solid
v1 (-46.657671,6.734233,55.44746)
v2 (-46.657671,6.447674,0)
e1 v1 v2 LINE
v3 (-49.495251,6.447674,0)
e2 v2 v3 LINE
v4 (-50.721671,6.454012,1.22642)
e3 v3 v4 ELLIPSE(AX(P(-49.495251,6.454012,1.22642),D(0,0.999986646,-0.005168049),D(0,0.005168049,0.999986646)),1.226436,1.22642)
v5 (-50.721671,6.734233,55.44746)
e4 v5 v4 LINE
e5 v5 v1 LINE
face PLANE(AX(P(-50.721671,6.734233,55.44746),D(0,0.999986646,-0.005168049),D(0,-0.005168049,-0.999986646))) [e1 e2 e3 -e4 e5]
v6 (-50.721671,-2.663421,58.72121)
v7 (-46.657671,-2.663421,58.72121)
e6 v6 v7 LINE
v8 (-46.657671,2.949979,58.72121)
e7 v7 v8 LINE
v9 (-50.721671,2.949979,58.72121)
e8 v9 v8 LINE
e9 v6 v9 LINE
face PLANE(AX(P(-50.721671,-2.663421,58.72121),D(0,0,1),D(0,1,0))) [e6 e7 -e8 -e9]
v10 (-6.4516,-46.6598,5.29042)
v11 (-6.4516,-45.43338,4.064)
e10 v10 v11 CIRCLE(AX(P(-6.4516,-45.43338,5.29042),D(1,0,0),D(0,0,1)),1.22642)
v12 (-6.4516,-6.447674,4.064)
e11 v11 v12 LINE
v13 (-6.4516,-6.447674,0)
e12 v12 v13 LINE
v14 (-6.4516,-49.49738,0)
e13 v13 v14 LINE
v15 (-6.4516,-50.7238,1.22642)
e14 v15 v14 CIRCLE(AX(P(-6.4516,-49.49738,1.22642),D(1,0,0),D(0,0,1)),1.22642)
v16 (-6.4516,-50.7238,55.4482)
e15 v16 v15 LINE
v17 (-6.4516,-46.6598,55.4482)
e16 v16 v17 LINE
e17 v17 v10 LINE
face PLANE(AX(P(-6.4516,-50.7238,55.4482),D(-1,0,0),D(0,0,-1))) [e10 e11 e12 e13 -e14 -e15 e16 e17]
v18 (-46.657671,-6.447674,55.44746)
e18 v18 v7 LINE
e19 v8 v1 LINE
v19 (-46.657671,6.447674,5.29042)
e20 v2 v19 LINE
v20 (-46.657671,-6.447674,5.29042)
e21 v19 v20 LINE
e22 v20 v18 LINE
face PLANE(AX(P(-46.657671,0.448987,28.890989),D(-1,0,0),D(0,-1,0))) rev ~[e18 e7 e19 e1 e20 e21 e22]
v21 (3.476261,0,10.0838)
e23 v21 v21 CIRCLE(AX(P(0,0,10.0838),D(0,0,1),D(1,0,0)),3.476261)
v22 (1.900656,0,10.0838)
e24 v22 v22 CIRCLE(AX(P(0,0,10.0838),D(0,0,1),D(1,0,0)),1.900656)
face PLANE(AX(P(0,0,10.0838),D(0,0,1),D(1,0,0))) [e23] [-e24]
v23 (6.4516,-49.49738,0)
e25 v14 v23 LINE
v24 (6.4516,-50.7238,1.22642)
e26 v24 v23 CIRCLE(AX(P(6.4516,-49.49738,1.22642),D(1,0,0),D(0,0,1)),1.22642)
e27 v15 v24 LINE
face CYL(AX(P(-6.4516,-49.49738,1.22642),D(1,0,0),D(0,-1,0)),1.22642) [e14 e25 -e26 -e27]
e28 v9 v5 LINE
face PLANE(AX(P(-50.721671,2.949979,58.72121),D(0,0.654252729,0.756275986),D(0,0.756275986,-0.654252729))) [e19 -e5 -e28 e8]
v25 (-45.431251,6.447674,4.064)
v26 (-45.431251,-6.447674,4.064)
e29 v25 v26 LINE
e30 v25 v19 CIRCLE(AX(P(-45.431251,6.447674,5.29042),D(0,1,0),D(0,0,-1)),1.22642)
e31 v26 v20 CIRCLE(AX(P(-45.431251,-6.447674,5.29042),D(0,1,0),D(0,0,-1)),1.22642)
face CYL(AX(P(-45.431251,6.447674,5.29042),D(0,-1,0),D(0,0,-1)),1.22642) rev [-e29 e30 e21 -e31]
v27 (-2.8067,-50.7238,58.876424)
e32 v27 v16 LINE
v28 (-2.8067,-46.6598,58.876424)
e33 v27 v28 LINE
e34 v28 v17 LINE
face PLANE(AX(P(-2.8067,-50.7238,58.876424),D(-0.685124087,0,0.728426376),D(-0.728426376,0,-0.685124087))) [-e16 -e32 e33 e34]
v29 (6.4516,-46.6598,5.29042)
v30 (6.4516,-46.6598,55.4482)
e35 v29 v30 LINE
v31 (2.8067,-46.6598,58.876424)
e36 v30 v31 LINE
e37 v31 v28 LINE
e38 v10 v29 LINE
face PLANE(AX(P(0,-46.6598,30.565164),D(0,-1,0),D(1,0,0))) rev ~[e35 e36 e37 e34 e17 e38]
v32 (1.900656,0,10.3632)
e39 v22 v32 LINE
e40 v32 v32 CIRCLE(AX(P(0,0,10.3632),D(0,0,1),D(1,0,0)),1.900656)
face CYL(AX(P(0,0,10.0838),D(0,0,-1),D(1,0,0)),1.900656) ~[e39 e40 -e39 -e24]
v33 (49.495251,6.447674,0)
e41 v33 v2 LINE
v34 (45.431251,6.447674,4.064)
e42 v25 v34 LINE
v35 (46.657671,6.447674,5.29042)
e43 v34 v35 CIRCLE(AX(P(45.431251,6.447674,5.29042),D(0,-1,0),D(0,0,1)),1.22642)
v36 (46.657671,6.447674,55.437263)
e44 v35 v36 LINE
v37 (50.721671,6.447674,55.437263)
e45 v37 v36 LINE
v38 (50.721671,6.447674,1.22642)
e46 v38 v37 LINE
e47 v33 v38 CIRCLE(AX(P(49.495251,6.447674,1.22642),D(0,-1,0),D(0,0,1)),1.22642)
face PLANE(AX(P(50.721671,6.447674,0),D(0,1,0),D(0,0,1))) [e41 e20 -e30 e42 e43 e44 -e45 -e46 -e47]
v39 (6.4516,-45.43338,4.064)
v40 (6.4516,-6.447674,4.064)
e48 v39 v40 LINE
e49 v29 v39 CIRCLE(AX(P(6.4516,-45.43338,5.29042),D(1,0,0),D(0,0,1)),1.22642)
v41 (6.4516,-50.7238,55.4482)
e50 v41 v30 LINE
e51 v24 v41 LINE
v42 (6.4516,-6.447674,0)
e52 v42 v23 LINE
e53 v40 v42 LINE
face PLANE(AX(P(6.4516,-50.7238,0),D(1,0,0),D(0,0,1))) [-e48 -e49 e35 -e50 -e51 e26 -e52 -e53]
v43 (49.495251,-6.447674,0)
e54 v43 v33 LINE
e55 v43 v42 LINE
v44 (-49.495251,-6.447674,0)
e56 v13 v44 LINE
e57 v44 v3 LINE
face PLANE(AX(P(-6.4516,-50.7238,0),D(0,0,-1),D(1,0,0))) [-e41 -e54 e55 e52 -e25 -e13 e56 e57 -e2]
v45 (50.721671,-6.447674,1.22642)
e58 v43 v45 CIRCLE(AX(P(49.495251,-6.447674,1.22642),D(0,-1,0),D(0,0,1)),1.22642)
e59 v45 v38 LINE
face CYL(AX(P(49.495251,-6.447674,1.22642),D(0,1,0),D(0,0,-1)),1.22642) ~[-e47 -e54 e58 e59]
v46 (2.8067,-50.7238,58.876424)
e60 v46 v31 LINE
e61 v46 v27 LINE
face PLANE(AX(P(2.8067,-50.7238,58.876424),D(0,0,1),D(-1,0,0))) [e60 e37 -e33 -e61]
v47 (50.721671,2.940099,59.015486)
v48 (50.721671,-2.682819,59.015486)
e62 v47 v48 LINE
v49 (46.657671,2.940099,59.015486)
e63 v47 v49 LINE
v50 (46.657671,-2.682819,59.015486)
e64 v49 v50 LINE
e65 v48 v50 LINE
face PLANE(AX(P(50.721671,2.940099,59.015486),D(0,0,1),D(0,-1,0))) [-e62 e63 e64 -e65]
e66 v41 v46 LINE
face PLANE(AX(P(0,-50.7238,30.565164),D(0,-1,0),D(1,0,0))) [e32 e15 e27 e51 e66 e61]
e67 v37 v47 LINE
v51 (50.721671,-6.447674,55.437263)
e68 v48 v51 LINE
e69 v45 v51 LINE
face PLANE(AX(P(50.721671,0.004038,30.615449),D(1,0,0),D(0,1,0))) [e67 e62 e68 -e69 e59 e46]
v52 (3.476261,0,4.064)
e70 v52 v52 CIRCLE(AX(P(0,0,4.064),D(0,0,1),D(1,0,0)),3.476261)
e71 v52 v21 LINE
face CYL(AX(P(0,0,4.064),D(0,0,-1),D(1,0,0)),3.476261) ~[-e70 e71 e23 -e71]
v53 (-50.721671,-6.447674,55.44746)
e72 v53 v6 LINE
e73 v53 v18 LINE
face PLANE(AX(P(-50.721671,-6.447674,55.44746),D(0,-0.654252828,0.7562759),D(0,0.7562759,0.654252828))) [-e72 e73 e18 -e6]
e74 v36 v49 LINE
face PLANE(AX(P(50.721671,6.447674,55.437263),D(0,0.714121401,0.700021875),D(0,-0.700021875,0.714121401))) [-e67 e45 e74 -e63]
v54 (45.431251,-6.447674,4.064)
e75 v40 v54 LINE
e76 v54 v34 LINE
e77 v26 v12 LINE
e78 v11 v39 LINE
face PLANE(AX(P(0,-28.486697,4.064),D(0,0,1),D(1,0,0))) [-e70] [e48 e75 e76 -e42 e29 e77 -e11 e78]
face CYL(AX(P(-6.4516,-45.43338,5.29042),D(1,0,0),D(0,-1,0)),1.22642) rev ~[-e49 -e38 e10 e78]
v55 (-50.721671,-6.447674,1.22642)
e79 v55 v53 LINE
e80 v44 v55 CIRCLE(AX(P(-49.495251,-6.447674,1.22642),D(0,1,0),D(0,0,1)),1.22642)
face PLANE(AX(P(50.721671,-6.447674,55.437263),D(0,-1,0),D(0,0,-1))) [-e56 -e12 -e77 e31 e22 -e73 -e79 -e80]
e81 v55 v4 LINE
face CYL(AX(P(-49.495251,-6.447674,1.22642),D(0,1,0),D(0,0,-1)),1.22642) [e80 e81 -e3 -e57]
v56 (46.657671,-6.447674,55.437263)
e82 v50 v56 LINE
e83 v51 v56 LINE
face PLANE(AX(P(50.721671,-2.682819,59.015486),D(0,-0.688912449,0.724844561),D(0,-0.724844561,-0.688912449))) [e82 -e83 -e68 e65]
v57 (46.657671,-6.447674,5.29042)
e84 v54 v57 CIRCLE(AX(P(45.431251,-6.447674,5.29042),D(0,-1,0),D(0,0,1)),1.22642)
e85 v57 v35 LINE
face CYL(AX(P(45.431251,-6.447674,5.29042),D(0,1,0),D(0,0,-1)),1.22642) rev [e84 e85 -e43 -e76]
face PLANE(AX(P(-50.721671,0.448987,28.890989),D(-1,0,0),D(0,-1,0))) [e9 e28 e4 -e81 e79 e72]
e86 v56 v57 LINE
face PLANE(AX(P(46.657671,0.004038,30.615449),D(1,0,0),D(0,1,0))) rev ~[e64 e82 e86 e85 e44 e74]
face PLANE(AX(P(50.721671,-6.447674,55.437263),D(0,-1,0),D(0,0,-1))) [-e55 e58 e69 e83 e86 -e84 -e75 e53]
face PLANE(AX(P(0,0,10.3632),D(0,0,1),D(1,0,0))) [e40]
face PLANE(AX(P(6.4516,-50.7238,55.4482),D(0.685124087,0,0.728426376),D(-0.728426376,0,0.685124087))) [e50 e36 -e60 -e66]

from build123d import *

# Parameters (mm, degrees)
F0_W      = 101.443342
F0_H      = 12.895348
F1_DEPTH  = 4.064
F2_W      = 12.895348
F2_H      = 4.064
F3_DEPTH  = 4.064
F4_W      = 12.895348
F4_H      = 4.064
F5_DEPTH  = 4.064
F6_W      = 12.9032
F6_H      = 44.474205
F7_DEPTH  = 4.064
F8_W      = 12.9032
F8_H      = 4.064
F9_DEPTH  = 4.064
F10_R     = 3.476261
F11_DEPTH = 6.0198
F12_R     = 1.22642
F13_R     = 1.900656
F14_DEPTH = 0.2794


with BuildPart() as f1:
    # F0 (on Top) → F1 (new body)
    with BuildSketch(Plane.XY):
        Rectangle(F0_W, F0_H)
    extrude(amount=F1_DEPTH)

    # F2 (on face) → F3 (join)
    with BuildSketch(Plane.YZ.offset(50.721671)):
        Polygon((-6.447674, 55.437263), (-6.447674, 4.064), (6.447674, 4.064), (6.447674, 55.437263), (2.940099, 59.015486), (-2.682819, 59.015486), align=None)
        with Locations((0, 2.032)):
            Rectangle(F2_W, F2_H)
    extrude(amount=-F3_DEPTH)

    # F4 (on face) → F5 (join)
    with BuildSketch(Plane(origin=(-50.721671, 0, 0), x_dir=(0, -1, 0), z_dir=(-1, 0, 0))):
        Polygon((-6.734233, 55.44746), (-6.447674, 0), (-6.447674, 4.064), (6.447674, 4.064), (6.447674, 55.44746), (2.663421, 58.72121), (-2.949979, 58.72121), align=None)
        with Locations((0, 2.032)):
            Rectangle(F4_W, F4_H)
    extrude(amount=-F5_DEPTH)

    # F6 (on Top) → F7 (join)
    with BuildSketch(Plane.XY):
        with Locations((0, -28.486697)):
            Rectangle(F6_W, F6_H)
    extrude(amount=F7_DEPTH)

    # F8 (on face) → F9 (join)
    with BuildSketch(Plane.XZ.offset(50.7238)):
        Polygon((-6.4516, 55.4482), (-6.4516, 4.064), (6.4516, 4.064), (6.4516, 55.4482), (2.8067, 58.876424), (-2.8067, 58.876424), align=None)
        with Locations((0, 2.032)):
            Rectangle(F8_W, F8_H)
    extrude(amount=-F9_DEPTH)

    # F10 (on face) → F11 (join)
    with BuildSketch(Plane.XY.offset(4.064)):
        Circle(F10_R)
    extrude(amount=F11_DEPTH)

    # F12
    f12_edges = [f1.edges().sort_by_distance(p)[0] for p in [
        (-46.657671, 0, 4.064),
        (46.657671, 0, 4.064),
        (50.721671, 0, 0),
        (-50.721671, 0, 0),
        (0, -50.7238, 0),
        (0, -46.6598, 4.064),
    ]]
    fillet(f12_edges, radius=F12_R)

    # F13 (on face) → F14 (join)
    with BuildSketch(Plane.XY.offset(10.0838)):
        Circle(F13_R)
    extrude(amount=F14_DEPTH)


solid = f1.part
